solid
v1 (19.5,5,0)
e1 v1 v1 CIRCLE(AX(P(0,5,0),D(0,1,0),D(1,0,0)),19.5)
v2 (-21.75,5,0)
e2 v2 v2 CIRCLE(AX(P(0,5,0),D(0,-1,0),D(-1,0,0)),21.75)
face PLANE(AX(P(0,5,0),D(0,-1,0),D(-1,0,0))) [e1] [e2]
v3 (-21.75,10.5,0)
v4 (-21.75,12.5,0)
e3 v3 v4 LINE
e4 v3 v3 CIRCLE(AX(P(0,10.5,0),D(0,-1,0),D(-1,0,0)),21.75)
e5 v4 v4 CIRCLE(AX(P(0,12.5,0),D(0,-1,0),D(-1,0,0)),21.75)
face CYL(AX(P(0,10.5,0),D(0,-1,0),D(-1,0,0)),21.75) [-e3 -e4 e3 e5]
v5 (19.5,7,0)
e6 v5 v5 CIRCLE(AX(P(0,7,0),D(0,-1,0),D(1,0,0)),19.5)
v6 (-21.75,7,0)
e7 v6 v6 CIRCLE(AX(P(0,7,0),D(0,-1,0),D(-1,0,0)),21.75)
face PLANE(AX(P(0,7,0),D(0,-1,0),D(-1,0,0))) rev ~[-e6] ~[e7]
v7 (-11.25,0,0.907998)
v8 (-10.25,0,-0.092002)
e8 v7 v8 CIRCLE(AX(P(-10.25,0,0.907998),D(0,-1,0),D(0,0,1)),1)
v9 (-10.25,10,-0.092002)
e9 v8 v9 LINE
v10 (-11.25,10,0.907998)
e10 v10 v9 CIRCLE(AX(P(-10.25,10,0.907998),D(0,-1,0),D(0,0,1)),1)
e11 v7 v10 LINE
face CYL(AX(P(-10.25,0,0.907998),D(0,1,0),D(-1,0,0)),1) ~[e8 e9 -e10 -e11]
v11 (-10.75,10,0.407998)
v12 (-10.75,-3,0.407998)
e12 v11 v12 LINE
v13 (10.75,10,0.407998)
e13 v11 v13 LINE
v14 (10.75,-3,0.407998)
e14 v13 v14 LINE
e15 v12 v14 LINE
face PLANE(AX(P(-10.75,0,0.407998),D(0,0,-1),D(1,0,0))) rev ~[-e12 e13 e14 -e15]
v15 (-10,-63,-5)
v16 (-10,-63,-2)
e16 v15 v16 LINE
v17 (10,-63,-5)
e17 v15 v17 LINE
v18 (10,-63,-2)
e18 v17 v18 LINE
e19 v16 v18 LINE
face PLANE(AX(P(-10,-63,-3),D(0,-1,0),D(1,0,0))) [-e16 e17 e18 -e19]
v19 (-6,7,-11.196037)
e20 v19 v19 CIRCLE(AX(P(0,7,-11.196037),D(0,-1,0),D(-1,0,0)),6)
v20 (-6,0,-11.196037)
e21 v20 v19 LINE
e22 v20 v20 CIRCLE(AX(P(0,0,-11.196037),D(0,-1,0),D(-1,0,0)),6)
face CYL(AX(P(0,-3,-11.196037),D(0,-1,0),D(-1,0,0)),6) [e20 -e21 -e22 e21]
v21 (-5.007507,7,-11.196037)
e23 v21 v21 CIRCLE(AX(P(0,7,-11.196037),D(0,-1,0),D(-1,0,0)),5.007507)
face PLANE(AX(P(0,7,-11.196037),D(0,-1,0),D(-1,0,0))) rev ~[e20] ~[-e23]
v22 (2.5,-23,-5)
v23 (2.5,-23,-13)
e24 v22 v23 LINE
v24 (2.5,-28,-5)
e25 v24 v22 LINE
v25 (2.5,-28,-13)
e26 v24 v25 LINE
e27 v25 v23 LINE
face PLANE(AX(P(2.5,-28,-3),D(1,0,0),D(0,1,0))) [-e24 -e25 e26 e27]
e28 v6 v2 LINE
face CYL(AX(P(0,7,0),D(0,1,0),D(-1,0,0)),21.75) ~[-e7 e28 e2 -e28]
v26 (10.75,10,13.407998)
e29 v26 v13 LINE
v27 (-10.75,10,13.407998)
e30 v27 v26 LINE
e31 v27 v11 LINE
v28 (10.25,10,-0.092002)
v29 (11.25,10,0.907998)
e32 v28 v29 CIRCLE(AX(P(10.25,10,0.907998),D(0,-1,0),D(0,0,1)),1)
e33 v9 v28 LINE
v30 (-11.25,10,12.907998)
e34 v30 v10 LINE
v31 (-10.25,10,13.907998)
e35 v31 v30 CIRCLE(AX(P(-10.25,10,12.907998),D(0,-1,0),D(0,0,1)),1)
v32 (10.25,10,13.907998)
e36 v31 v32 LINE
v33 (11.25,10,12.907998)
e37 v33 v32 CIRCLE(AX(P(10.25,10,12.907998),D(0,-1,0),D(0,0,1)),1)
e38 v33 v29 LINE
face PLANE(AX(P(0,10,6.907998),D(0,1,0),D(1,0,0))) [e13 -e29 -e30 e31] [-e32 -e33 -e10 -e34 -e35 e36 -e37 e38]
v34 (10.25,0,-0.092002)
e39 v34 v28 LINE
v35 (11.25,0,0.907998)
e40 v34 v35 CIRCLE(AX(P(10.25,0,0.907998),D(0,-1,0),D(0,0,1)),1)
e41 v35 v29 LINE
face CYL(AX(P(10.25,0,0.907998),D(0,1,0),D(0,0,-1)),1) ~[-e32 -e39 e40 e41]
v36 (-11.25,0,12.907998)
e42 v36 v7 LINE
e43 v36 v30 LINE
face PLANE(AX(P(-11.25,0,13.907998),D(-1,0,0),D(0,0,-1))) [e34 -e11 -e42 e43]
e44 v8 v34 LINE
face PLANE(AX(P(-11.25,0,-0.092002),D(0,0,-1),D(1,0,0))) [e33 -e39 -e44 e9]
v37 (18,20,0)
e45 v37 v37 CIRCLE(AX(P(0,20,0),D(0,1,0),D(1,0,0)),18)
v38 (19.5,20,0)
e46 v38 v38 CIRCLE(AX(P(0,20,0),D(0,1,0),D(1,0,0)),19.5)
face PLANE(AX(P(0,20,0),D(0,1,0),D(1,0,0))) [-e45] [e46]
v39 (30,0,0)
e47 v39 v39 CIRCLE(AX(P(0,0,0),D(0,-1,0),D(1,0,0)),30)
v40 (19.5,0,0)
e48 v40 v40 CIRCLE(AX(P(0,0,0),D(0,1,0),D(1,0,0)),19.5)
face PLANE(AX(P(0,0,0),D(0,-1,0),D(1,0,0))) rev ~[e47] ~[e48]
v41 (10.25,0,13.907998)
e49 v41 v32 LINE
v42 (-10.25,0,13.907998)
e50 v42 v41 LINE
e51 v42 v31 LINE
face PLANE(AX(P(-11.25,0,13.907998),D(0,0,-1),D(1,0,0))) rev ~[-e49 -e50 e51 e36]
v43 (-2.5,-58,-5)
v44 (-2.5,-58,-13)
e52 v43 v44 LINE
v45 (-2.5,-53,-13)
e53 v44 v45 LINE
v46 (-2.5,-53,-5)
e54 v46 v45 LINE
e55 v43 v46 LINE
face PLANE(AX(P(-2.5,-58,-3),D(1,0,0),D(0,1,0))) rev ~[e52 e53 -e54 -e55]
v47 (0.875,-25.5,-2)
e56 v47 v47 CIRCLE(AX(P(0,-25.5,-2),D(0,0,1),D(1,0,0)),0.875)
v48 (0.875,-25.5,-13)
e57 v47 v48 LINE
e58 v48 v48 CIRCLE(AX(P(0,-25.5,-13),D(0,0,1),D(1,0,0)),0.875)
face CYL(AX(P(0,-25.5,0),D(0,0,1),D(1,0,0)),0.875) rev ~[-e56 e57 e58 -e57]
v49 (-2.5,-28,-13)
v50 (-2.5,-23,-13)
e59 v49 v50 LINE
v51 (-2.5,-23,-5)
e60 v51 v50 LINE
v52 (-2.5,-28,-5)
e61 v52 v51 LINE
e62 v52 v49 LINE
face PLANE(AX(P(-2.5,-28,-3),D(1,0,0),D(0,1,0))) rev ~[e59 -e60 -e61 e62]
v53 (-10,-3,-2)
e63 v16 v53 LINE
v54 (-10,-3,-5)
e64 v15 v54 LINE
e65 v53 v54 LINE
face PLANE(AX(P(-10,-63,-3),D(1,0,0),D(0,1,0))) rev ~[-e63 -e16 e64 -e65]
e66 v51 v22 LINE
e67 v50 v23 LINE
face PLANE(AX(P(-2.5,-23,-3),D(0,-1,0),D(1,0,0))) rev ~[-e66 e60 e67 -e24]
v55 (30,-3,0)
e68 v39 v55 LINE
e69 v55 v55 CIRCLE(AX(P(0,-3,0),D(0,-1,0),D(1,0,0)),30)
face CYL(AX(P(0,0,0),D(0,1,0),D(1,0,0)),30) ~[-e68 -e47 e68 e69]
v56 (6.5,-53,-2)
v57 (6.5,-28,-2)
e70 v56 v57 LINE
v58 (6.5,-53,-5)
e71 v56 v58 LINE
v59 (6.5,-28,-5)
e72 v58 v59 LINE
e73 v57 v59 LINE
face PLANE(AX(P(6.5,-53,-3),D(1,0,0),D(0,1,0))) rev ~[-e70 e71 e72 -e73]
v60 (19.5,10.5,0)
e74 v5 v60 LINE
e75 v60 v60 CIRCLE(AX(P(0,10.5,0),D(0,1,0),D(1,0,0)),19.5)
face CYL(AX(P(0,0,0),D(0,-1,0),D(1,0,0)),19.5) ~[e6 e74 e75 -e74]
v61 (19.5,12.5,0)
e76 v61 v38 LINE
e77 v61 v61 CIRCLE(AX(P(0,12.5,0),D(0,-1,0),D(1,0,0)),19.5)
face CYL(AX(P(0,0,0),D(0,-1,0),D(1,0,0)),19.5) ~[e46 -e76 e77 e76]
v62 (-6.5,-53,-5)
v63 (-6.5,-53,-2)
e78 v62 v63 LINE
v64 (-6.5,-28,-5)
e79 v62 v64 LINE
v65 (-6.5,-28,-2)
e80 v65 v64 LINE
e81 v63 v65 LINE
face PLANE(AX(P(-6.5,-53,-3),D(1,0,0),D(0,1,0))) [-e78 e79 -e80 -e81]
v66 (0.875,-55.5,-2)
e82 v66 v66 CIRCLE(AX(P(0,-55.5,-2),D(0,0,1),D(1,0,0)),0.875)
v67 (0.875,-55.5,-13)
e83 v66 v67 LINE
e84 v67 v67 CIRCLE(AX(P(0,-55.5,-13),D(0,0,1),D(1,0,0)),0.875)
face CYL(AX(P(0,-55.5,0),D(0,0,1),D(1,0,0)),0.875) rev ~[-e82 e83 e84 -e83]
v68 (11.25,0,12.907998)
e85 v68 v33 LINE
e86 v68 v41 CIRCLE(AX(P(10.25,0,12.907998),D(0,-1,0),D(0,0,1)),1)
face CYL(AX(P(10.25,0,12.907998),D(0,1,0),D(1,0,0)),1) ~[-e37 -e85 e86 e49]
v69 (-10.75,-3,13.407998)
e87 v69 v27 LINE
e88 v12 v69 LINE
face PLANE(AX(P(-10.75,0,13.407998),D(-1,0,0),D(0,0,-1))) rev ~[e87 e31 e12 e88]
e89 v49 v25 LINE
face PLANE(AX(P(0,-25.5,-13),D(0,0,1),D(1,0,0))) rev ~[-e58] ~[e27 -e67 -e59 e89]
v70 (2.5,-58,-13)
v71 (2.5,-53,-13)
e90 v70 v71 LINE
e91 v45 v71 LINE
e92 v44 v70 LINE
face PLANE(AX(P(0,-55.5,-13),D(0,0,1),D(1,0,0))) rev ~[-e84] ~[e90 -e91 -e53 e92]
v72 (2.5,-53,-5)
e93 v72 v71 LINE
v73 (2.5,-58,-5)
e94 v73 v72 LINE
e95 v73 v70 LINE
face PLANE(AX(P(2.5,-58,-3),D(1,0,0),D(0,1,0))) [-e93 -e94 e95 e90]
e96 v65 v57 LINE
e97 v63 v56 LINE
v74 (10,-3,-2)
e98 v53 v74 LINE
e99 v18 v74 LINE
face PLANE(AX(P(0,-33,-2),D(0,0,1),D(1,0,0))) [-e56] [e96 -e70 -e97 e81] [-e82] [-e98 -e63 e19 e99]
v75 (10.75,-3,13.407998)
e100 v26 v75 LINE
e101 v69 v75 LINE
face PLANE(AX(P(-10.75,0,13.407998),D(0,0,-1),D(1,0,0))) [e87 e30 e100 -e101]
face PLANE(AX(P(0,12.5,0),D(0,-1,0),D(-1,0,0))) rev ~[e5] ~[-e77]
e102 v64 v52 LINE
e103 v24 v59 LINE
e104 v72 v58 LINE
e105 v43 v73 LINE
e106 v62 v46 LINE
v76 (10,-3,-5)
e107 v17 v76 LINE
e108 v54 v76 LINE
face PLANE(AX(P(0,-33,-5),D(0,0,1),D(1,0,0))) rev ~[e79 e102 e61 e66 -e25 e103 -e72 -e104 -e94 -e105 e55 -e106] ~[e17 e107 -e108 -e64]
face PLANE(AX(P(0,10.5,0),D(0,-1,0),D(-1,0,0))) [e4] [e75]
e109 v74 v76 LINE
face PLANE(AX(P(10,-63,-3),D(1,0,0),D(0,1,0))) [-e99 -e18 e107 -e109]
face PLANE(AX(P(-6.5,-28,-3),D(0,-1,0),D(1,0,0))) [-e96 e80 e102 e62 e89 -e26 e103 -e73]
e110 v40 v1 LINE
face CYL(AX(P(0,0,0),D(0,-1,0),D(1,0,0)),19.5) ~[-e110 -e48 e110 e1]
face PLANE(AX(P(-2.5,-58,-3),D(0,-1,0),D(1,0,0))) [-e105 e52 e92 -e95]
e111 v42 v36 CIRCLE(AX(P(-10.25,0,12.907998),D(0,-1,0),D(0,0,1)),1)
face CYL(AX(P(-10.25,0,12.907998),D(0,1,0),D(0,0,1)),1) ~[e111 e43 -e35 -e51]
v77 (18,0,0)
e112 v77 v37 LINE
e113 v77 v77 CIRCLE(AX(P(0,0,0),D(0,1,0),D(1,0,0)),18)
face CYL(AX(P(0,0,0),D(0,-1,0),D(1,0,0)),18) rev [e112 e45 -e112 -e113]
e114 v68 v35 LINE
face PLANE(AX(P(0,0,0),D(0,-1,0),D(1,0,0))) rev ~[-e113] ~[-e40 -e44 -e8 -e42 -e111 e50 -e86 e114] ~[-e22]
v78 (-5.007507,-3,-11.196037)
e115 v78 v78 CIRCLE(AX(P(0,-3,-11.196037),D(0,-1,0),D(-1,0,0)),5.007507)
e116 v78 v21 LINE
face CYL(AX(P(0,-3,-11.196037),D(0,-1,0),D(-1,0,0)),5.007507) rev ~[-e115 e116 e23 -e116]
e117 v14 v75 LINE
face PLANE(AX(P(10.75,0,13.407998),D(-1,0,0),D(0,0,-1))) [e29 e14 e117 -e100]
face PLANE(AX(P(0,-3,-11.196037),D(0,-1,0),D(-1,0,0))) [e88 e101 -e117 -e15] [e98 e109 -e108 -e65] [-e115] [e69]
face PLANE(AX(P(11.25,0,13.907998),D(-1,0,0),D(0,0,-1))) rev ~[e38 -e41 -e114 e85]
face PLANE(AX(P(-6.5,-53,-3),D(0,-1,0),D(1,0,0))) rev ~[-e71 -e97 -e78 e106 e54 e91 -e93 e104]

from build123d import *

# Parameters (mm, degrees)
SKETCH_1_R               = 19.5
SKETCH_1_R_2             = 18
EXTRUDE_1_DEPTH          = 20
SKETCH_3_R               = 30
EXTRUDE_2_DEPTH          = 3
SKETCH_10_R              = 6
SKETCH_10_R_2            = 5
EXTRUDE_6_DEPTH          = 10
SKETCH_11_R              = 5.007506695
CUT_EXTRUDE_4_DEPTH      = 19
CUT_EXTRUDE_4_DEPTH_BACK = 10
SKETCH_15_W              = 20
SKETCH_15_H              = 60
SKETCH_15_W_2            = 13
SKETCH_15_H_2            = 25
EXTRUDE_7_DEPTH          = 1
EXTRUDE_7_DEPTH_BACK     = 2
SKETCH_16_W              = 5
SKETCH_16_H              = 5
EXTRUDE_8_DEPTH          = 10
SKETCH_18_R              = 0.875
CUT_EXTRUDE_5_DEPTH      = 10
CUT_EXTRUDE_5_DEPTH_BACK = 39
SKETCH_12_W              = 21.5
SKETCH_12_H              = 13
CUT_EXTRUDE_6_DEPTH      = 21.5
SKETCH_19_W              = 22.5
SKETCH_19_H              = 14
SKETCH_19_W_2            = 21.5
SKETCH_19_H_2            = 13
EXTRUDE_9_DEPTH          = 10
FILLET_2_R               = 1
FILLET_3_R               = 1
FILLET_4_R               = 1
FILLET_5_R               = 1
SKETCH_25_R              = 21.75
SKETCH_25_R_2            = 19.5
EXTRUDE_12_DEPTH         = 2
SKETCH_26_R              = 21.75
SKETCH_26_R_2            = 19.5
EXTRUDE_13_DEPTH         = 2


with BuildPart() as part:
    # 草圖1 → 填料-伸長1 (new body)
    with BuildSketch(Plane(origin=(0, 0, 0), x_dir=(1, 0, 0), z_dir=(0, 1, 0))):
        Circle(SKETCH_1_R)
        Circle(SKETCH_1_R_2, mode=Mode.SUBTRACT)
    extrude(amount=EXTRUDE_1_DEPTH)

    # 草圖3 → 填料-伸長2 (add)
    with BuildSketch(Plane.XZ):
        Circle(SKETCH_3_R)
    extrude(amount=EXTRUDE_2_DEPTH)

    # 草圖10 → 填料-伸長6 (add)
    with BuildSketch(Plane(origin=(0, -3, 0), x_dir=(-1, 0, 0), z_dir=(0, -1, 0))):
        with Locations((0, 11.196036894)):
            Circle(SKETCH_10_R)
        with Locations((0, 11.196036894)):
            Circle(SKETCH_10_R_2, mode=Mode.SUBTRACT)
    extrude(amount=-EXTRUDE_6_DEPTH)

    # 草圖11 → 除料-伸長4 (cut, two sides)
    with BuildSketch(Plane(origin=(0, -3, 0), x_dir=(-1, 0, 0), z_dir=(0, -1, 0))) as cut_extrude_4_sk:
        with Locations((0, 11.196036894)):
            Circle(SKETCH_11_R)
    extrude(amount=CUT_EXTRUDE_4_DEPTH, mode=Mode.SUBTRACT)
    extrude(cut_extrude_4_sk.sketch, amount=-CUT_EXTRUDE_4_DEPTH_BACK, mode=Mode.SUBTRACT)

    # 草圖15 → 填料-伸長7 (add, two sides)
    with BuildSketch(Plane.XY.offset(-3)) as extrude_7_sk:
        with Locations((0, -33)):
            Rectangle(SKETCH_15_W, SKETCH_15_H)
        with Locations((0, -40.5)):
            Rectangle(SKETCH_15_W_2, SKETCH_15_H_2, mode=Mode.SUBTRACT)
    extrude(amount=EXTRUDE_7_DEPTH)
    extrude(extrude_7_sk.sketch, amount=-EXTRUDE_7_DEPTH_BACK)

    # 草圖16 → 填料-伸長8 (add)
    with BuildSketch(Plane.XY.offset(-3)):
        with Locations((0, -25.5)):
            Rectangle(SKETCH_16_W, SKETCH_16_H)
        with Locations((0, -55.5)):
            Rectangle(SKETCH_16_W, SKETCH_16_H)
    extrude(amount=-EXTRUDE_8_DEPTH)

    # 草圖18 → 除料-伸長5 (cut, two sides)
    with BuildSketch(Plane.XY) as cut_extrude_5_sk:
        with Locations((0, -55.5)):
            Circle(SKETCH_18_R)
        with Locations((0, -25.5)):
            Circle(SKETCH_18_R)
    extrude(amount=CUT_EXTRUDE_5_DEPTH, mode=Mode.SUBTRACT)
    extrude(cut_extrude_5_sk.sketch, amount=-CUT_EXTRUDE_5_DEPTH_BACK, mode=Mode.SUBTRACT)

    # 草圖12 → 除料-伸長6 (cut)
    with BuildSketch(Plane.XZ.offset(3)):
        with Locations((0, 6.907998134)):
            Rectangle(SKETCH_12_W, SKETCH_12_H)
    extrude(amount=-CUT_EXTRUDE_6_DEPTH, mode=Mode.SUBTRACT)

    # 草圖19 → 填料-伸長9 (add)
    with BuildSketch(Plane(origin=(0, 0, 0), x_dir=(1, 0, 0), z_dir=(0, 1, 0))):
        with Locations((0, -6.907998134)):
            Rectangle(SKETCH_19_W, SKETCH_19_H)
        with Locations((0, -6.907998134)):
            Rectangle(SKETCH_19_W_2, SKETCH_19_H_2, mode=Mode.SUBTRACT)
    extrude(amount=EXTRUDE_9_DEPTH)

    # 圓角2
    fillet_2_edges = [part.edges().sort_by_distance(p)[0] for p in [
        (-11.25, 5, -0.092001866),
    ]]
    fillet(fillet_2_edges, radius=FILLET_2_R)

    # 圓角3
    fillet_3_edges = [part.edges().sort_by_distance(p)[0] for p in [
        (11.25, 5, -0.092001866),
    ]]
    fillet(fillet_3_edges, radius=FILLET_3_R)

    # 圓角4
    fillet_4_edges = [part.edges().sort_by_distance(p)[0] for p in [
        (11.25, 5, 13.907998134),
    ]]
    fillet(fillet_4_edges, radius=FILLET_4_R)

    # 圓角5
    fillet_5_edges = [part.edges().sort_by_distance(p)[0] for p in [
        (-11.25, 5, 13.907998134),
    ]]
    fillet(fillet_5_edges, radius=FILLET_5_R)

    # 草圖25 → 填料-伸長12 (add)
    with BuildSketch(Plane(origin=(0, 7, 0), x_dir=(-1, 0, 0), z_dir=(0, -1, 0))):
        Circle(SKETCH_25_R)
        Circle(SKETCH_25_R_2, mode=Mode.SUBTRACT)
    extrude(amount=EXTRUDE_12_DEPTH)

    # 草圖26 → 填料-伸長13 (add)
    with BuildSketch(Plane(origin=(0, 10.5, 0), x_dir=(-1, 0, 0), z_dir=(0, -1, 0))):
        Circle(SKETCH_26_R)
        Circle(SKETCH_26_R_2, mode=Mode.SUBTRACT)
    extrude(amount=-EXTRUDE_13_DEPTH)


solid = part.part
